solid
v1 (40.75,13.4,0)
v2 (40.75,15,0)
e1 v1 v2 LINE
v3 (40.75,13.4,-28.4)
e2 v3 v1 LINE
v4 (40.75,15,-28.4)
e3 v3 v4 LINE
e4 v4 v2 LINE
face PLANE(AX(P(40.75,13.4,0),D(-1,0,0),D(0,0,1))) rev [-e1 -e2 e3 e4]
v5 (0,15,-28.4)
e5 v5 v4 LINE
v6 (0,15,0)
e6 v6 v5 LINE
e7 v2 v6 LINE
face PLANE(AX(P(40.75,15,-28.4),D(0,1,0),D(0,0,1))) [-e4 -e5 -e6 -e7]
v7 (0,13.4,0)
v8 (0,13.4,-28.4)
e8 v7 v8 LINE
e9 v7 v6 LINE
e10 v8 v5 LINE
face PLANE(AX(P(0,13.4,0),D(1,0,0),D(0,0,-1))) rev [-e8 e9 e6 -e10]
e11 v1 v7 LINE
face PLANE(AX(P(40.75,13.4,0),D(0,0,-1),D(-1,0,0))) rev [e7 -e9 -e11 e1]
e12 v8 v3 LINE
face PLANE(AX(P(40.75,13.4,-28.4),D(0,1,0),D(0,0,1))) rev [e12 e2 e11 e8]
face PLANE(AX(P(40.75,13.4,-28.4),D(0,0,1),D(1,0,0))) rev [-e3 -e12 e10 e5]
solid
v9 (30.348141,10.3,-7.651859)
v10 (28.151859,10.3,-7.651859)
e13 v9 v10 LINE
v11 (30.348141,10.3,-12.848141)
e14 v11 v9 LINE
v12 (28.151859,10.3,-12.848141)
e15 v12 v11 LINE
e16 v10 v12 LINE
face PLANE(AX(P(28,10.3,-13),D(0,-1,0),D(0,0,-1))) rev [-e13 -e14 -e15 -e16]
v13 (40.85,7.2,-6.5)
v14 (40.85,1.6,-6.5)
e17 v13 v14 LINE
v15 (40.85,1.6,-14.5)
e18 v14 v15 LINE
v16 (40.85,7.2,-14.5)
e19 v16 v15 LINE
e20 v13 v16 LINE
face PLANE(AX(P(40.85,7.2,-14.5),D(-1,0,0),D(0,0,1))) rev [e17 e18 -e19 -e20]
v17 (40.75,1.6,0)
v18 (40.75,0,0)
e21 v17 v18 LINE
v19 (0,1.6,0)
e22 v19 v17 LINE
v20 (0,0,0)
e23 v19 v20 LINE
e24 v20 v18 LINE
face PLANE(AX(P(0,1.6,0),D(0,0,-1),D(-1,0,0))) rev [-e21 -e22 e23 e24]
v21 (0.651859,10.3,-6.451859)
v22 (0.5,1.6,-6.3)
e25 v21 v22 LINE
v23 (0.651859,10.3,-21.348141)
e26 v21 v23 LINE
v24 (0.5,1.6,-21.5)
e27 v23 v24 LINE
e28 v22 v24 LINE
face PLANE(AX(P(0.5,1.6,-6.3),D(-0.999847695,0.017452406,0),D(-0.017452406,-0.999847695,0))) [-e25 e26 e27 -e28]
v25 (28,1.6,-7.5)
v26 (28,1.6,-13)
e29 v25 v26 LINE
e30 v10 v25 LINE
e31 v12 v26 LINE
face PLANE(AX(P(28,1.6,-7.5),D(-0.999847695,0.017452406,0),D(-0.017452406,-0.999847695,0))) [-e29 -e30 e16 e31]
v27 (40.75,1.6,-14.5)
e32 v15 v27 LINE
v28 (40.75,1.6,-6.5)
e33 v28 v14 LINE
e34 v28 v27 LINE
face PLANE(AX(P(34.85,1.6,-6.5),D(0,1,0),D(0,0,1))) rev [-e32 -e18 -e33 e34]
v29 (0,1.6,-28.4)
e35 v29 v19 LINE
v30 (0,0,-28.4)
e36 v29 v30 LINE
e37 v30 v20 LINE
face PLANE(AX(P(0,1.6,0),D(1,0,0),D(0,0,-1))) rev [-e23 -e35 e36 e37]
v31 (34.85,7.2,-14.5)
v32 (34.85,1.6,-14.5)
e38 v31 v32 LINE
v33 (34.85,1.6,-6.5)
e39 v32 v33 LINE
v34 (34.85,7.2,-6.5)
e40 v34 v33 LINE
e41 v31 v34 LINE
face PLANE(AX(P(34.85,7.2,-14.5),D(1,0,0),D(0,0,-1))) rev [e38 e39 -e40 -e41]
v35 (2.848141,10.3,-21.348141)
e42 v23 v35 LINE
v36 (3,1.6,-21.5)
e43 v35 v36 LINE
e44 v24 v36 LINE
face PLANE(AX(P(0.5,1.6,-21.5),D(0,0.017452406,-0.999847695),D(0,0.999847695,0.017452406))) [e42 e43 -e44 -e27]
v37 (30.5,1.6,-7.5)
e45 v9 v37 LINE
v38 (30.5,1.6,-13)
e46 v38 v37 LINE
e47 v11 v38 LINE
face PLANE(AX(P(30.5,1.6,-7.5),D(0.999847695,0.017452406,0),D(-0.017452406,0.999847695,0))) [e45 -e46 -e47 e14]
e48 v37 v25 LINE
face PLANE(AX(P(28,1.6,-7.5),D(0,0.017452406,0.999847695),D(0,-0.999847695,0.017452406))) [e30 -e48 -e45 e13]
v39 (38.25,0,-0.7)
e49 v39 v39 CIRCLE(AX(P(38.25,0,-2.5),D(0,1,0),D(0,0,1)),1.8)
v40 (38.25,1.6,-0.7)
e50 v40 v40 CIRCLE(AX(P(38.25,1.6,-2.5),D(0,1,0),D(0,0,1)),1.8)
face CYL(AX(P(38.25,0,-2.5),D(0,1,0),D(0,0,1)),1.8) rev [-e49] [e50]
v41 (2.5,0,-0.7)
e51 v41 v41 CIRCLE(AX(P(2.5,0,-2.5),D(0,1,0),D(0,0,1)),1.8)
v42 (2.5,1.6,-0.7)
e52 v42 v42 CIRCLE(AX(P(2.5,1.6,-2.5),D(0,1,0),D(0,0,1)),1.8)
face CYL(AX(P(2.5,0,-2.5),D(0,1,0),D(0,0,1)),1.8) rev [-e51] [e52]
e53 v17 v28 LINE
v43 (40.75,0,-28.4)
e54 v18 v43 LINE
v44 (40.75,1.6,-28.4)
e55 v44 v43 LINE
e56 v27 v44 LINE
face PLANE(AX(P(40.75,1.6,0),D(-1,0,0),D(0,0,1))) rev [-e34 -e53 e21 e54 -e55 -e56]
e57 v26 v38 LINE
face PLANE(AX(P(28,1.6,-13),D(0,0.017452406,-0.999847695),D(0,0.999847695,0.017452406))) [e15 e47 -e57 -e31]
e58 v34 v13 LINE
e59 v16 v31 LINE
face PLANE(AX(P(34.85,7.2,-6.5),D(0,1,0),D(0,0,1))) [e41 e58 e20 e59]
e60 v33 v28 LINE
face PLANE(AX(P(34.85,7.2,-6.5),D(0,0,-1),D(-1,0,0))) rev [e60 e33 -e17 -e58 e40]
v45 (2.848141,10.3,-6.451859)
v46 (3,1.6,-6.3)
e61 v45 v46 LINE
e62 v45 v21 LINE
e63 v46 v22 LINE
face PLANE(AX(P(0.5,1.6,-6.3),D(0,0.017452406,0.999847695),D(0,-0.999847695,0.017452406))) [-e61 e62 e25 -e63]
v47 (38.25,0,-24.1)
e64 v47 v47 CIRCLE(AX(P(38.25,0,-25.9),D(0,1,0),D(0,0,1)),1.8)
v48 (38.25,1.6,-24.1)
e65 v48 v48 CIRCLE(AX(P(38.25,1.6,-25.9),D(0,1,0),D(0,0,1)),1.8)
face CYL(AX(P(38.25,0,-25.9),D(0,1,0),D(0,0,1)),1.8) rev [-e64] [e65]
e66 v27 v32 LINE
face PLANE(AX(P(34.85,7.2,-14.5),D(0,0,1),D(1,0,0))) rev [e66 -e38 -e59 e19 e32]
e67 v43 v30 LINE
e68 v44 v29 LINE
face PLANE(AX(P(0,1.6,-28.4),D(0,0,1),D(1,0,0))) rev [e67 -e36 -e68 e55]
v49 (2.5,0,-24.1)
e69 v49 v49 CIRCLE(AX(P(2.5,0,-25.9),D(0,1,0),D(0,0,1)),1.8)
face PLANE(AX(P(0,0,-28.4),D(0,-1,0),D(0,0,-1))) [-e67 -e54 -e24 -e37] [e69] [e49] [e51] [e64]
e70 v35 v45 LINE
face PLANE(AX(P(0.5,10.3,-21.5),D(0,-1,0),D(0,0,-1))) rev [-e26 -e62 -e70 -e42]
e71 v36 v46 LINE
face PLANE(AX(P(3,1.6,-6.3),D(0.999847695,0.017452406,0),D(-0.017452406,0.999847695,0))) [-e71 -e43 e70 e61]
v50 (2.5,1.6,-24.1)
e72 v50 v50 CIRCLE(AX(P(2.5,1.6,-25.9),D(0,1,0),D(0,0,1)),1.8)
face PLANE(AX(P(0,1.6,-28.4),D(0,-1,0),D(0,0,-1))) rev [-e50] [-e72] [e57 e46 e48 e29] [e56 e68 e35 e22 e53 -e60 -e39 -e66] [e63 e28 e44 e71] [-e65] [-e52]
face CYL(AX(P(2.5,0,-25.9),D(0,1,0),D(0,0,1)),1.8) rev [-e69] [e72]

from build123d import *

# Parameters (mm, degrees)
ESQUISSE1_W                  = 40.75
ESQUISSE1_H                  = 28.4
BOSS_EXTRU_1_DEPTH           = 1.6
ESQUISSE2_R                  = 1.8
ENL_V_MAT_EXTRU_1_DEPTH      = 50.695900233
ESQUISSE3_W                  = 6
ESQUISSE3_H                  = 8
BOSS_EXTRU_2_DEPTH           = 5.6
ESQUISSE4_W                  = 2.5
ESQUISSE4_H                  = 15.2
BOSS_EXTRU_3_DEPTH           = 8.7
BOSS_EXTRU_3_DRAFT           = -1
ESQUISSE4_H_2                = 5.5
BOSS_EXTRU_3_PROFILE_2_DEPTH = 8.7
BOSS_EXTRU_3_PROFILE_2_DRAFT = -1
ESQUISSE5_W                  = 40.75
ESQUISSE5_H                  = 28.4
BOSS_EXTRU_4_DEPTH           = 1.6


with BuildPart() as part:
    # Esquisse1 → Boss.-Extru.1 (new body)
    with BuildSketch(Plane(origin=(0, 0, 0), x_dir=(1, 0, 0), z_dir=(0, 1, 0))):
        with Locations((20.375, 14.2)):
            Rectangle(ESQUISSE1_W, ESQUISSE1_H)
    extrude(amount=BOSS_EXTRU_1_DEPTH)

    # Esquisse2 → Enlèv. mat.-Extru.1 (cut, through all)
    with BuildSketch(Plane(origin=(0, 1.6, 0), x_dir=(1, 0, 0), z_dir=(0, 1, 0))):
        with Locations(Location((2.5, 25.9, 0), (0, 0, 270))):
            Circle(ESQUISSE2_R)
        with Locations(Location((38.25, 25.9, 0), (0, 0, 270))):
            Circle(ESQUISSE2_R)
        with Locations(Location((38.25, 2.5, 0), (0, 0, 270))):
            Circle(ESQUISSE2_R)
        with Locations(Location((2.5, 2.5, 0), (0, 0, 270))):
            Circle(ESQUISSE2_R)
    extrude(amount=-ENL_V_MAT_EXTRU_1_DEPTH, mode=Mode.SUBTRACT)

    # Esquisse3 → Boss.-Extru.2 (add)
    with BuildSketch(Plane(origin=(0, 1.6, 0), x_dir=(1, 0, 0), z_dir=(0, 1, 0))):
        with Locations((37.85, 10.5)):
            Rectangle(ESQUISSE3_W, ESQUISSE3_H)
    extrude(amount=BOSS_EXTRU_2_DEPTH)


with BuildPart() as boss_extru_3_tool:
    # Esquisse4 → Boss.-Extru.3 (with draft: the straight prism first)
    with BuildSketch(Plane.XZ.offset(-1.6)):
        with Locations((1.75, -13.9)):
            Rectangle(ESQUISSE4_W, ESQUISSE4_H)
    extrude(amount=-BOSS_EXTRU_3_DEPTH)
    # Boss.-Extru.3: the draft: its side faces are tilted about the plane it starts from
    boss_extru_3_sides = [boss_extru_3_tool.faces().sort_by_distance(p)[0] for p in [
        (0.5, 5.95, -13.9),
        (1.75, 5.95, -21.5),
        (3, 5.95, -13.9),
        (1.75, 5.95, -6.3),
    ]]
    draft(boss_extru_3_sides, Plane.XZ.offset(-1.6), BOSS_EXTRU_3_DRAFT)


with BuildPart() as part_1:
    add(part.part)

    # Boss.-Extru.3: add boss_extru_3_tool
    add(boss_extru_3_tool.part)


with BuildPart() as boss_extru_3_profile_2_tool:
    # Esquisse4 → Boss.-Extru.3 profile 2 (with draft: the straight prism first)
    with BuildSketch(Plane.XZ.offset(-1.6)):
        with Locations((29.25, -10.25)):
            Rectangle(ESQUISSE4_W, ESQUISSE4_H_2)
    extrude(amount=-BOSS_EXTRU_3_PROFILE_2_DEPTH)
    # Boss.-Extru.3 profile 2: the draft: its side faces are tilted about the plane it starts from
    boss_extru_3_profile_2_sides = [boss_extru_3_profile_2_tool.faces().sort_by_distance(p)[0] for p in [
        (28, 5.95, -10.25),
        (29.25, 5.95, -13),
        (30.5, 5.95, -10.25),
        (29.25, 5.95, -7.5),
    ]]
    draft(boss_extru_3_profile_2_sides, Plane.XZ.offset(-1.6), BOSS_EXTRU_3_PROFILE_2_DRAFT)


with BuildPart() as part_2:
    add(part_1.part)

    # Boss.-Extru.3 profile 2: add boss_extru_3_profile_2_tool
    add(boss_extru_3_profile_2_tool.part)


with BuildPart() as body_2:
    # Esquisse5 → Boss.-Extru.4 (new body)
    with BuildSketch(Plane.XZ.offset(-15)):
        with Locations((20.375, -14.2)):
            Rectangle(ESQUISSE5_W, ESQUISSE5_H)
    extrude(amount=BOSS_EXTRU_4_DEPTH)


solid = Compound([part_2.part, body_2.part])
